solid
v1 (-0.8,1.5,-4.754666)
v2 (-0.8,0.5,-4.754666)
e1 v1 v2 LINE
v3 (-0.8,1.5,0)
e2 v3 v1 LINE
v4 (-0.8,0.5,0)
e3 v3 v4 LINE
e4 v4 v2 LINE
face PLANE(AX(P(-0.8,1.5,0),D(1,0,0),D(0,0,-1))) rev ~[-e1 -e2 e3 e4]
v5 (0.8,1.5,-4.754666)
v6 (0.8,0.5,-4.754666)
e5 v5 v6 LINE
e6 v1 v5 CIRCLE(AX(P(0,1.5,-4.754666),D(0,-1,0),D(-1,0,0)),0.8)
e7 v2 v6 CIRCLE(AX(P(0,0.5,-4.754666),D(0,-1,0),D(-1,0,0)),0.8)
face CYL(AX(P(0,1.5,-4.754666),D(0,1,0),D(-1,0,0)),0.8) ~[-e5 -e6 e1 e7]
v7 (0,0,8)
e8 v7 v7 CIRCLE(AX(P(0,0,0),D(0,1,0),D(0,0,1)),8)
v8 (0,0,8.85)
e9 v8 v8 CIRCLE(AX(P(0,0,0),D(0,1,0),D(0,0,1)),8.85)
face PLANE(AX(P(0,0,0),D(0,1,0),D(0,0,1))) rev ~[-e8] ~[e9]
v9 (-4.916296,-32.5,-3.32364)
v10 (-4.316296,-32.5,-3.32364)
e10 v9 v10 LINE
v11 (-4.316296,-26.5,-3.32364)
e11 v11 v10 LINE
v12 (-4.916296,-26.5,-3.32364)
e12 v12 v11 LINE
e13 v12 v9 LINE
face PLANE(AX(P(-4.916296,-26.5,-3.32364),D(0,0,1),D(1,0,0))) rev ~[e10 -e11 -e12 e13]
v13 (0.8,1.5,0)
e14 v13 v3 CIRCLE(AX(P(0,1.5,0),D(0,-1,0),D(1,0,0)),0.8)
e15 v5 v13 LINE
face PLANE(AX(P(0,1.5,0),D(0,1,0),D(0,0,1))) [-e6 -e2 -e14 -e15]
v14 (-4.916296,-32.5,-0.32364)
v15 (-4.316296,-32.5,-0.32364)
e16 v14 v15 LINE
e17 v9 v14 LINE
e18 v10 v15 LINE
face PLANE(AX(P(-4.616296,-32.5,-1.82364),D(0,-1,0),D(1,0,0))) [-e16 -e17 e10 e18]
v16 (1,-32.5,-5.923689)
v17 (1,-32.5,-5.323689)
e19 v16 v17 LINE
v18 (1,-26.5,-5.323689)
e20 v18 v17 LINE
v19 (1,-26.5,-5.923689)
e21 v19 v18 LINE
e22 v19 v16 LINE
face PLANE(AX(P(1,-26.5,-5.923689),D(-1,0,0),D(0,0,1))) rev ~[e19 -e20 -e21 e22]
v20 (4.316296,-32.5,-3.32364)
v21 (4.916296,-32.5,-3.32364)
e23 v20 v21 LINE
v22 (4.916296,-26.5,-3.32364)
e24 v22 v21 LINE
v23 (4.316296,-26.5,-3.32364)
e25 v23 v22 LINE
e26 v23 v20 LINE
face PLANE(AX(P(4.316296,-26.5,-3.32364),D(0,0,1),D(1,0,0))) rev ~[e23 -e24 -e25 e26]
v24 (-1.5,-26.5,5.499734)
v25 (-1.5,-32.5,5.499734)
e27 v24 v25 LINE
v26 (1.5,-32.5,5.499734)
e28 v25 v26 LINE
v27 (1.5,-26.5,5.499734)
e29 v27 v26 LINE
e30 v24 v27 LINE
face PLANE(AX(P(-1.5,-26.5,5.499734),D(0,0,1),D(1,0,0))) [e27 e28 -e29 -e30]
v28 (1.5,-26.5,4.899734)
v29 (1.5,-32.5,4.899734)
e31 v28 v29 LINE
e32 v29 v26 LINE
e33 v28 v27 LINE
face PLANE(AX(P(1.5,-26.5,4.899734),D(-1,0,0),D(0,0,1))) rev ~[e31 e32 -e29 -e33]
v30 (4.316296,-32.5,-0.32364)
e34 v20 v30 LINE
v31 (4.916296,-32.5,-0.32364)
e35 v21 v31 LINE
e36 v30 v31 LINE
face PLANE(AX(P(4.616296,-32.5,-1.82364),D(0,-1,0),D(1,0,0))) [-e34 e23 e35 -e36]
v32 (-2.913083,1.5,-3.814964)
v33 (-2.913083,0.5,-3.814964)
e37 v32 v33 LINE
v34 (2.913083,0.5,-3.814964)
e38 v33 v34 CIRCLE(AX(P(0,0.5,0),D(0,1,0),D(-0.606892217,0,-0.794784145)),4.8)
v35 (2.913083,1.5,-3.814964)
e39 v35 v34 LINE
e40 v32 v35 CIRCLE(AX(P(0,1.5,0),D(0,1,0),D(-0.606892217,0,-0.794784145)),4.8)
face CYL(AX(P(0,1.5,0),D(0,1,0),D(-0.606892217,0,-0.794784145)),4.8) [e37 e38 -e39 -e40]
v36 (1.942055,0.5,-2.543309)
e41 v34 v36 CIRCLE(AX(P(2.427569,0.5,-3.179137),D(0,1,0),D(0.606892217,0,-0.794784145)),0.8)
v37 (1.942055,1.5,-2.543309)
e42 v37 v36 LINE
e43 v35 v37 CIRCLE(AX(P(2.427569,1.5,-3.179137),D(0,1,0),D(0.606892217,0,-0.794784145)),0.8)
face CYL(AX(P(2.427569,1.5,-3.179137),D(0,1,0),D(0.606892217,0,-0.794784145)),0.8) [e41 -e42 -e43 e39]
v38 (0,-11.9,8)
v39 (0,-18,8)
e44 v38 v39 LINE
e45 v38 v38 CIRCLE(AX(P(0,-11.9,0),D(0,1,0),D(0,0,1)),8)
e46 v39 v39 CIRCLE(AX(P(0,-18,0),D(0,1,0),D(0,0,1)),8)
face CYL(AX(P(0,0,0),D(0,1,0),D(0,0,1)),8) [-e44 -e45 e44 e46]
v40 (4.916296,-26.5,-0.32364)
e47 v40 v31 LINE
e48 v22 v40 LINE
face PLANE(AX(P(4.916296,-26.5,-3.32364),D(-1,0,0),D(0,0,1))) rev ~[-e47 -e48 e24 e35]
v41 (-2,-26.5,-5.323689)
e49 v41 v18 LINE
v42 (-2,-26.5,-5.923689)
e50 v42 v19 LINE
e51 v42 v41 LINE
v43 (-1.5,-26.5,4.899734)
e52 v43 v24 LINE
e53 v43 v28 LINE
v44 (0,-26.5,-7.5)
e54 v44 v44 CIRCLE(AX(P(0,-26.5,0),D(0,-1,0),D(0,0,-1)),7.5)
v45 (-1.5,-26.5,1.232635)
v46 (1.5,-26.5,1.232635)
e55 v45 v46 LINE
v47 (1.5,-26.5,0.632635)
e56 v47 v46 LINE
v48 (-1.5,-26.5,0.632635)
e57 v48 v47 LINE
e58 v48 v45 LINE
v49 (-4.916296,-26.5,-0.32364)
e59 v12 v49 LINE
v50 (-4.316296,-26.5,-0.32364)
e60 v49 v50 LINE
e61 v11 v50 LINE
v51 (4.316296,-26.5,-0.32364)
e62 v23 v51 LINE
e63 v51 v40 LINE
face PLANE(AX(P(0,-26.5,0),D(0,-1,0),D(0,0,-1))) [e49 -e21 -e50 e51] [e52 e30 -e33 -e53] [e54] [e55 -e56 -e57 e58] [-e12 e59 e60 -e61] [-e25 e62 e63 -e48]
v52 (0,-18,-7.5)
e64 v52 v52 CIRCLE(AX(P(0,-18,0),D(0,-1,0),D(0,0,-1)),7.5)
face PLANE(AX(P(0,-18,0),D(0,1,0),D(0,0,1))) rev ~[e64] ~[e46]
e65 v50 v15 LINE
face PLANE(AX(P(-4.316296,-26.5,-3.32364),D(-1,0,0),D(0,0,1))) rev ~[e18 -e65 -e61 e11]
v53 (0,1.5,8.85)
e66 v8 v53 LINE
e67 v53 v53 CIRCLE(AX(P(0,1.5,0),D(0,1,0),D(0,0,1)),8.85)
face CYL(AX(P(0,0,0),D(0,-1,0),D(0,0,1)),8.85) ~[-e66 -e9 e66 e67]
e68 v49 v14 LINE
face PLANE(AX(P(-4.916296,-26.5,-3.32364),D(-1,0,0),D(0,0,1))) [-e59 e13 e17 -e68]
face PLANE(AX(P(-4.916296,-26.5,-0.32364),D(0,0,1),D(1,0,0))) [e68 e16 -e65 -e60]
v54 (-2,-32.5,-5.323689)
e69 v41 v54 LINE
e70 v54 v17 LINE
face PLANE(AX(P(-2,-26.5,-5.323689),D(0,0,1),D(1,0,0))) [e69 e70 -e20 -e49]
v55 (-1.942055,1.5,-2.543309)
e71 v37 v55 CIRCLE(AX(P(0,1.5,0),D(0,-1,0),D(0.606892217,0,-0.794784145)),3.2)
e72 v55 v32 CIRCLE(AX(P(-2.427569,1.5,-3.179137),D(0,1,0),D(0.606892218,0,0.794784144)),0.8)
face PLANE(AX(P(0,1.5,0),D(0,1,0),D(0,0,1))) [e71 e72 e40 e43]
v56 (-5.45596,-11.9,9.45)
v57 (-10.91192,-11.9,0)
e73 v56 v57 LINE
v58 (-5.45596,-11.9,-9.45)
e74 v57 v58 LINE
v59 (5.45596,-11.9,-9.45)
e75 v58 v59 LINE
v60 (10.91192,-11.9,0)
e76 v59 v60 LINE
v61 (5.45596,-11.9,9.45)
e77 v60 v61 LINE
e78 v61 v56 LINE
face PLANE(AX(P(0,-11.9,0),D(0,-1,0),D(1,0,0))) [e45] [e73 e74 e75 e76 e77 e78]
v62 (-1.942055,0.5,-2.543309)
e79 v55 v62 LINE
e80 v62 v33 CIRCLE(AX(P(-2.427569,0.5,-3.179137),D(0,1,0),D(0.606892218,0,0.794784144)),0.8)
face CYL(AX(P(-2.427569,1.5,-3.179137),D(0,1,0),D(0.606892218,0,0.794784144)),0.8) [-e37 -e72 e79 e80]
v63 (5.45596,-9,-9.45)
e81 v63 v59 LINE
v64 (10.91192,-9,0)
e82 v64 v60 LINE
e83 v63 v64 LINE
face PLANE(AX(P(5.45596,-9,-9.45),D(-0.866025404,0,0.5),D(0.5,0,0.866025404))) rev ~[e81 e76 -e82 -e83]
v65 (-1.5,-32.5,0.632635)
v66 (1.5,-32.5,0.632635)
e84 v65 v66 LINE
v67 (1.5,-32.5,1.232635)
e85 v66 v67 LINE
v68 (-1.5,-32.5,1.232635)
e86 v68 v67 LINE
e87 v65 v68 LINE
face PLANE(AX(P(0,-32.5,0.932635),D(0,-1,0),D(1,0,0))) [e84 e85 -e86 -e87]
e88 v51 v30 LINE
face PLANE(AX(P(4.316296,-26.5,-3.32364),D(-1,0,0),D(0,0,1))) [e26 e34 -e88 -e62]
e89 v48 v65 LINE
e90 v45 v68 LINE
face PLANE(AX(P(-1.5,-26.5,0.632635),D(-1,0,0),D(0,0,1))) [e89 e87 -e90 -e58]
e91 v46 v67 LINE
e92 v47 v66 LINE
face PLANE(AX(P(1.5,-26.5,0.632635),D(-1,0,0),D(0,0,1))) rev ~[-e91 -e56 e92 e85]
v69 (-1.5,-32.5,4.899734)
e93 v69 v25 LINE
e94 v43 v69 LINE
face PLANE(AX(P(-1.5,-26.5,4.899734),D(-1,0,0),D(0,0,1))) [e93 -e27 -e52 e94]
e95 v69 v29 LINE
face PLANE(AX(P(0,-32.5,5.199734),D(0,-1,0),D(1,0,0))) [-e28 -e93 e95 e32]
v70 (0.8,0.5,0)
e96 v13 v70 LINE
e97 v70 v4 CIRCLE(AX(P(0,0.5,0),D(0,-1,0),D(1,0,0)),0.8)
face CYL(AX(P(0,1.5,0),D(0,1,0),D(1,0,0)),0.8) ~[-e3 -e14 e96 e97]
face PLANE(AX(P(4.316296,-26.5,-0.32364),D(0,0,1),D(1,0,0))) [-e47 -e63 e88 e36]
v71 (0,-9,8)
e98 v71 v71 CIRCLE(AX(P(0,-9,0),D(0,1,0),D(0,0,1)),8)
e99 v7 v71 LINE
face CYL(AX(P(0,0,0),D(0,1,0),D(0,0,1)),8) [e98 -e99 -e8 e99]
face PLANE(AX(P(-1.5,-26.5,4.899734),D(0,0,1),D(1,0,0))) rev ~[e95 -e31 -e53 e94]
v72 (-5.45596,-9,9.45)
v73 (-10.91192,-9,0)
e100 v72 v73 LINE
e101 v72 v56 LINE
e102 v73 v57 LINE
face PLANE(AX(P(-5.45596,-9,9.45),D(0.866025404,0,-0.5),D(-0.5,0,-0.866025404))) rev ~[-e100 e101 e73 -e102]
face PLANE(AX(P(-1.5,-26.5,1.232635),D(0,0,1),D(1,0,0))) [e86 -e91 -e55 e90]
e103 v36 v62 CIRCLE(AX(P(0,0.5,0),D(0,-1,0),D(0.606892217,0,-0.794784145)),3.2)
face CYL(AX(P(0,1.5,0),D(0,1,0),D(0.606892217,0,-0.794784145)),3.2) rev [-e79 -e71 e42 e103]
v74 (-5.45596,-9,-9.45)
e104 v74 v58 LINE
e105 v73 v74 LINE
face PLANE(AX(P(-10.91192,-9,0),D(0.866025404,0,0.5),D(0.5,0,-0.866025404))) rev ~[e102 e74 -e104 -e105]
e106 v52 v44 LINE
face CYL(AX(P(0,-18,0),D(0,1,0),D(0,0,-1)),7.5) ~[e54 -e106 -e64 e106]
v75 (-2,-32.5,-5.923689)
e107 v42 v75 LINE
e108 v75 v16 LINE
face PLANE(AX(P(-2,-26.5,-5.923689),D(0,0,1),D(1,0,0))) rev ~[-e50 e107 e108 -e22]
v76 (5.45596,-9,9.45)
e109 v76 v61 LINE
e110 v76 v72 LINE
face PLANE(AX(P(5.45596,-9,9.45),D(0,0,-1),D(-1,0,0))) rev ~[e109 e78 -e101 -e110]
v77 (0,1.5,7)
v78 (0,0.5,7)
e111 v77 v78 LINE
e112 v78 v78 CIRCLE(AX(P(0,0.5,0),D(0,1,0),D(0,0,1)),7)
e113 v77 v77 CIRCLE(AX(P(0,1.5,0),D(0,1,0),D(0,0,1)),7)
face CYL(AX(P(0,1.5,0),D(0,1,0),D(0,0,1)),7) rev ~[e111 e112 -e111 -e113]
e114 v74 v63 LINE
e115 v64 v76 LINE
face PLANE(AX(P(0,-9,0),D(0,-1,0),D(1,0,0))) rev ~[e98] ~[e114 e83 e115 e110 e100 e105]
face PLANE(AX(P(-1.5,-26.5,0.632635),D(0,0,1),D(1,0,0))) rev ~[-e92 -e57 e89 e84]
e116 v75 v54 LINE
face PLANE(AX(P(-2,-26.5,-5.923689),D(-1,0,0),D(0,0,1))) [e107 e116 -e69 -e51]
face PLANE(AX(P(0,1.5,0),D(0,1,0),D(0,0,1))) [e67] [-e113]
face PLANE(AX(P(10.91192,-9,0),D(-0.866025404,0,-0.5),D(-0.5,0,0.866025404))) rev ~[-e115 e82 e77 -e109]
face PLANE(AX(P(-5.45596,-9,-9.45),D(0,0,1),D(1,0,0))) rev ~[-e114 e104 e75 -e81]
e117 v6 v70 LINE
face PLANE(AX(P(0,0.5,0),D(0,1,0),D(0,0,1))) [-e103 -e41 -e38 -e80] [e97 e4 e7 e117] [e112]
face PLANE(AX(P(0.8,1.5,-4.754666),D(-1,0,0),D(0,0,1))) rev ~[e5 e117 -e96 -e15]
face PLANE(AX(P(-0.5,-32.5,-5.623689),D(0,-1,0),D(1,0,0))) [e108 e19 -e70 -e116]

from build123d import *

# Parameters (mm, degrees)
ESQUISSE1_R             = 8
BOSS_EXTRU_1_DEPTH      = 18
ESQUISSE2_R             = 8.85
BOSS_EXTRU_2_DEPTH      = 1.5
ESQUISSE3_R             = 7
ENL_V_MAT_EXTRU_1_DEPTH = 1
ESQUISSE4_R             = 7.5
BOSS_EXTRU_3_DEPTH      = 8.5
ESQUISSE5_W             = 0.6
ESQUISSE5_H             = 3
ESQUISSE5_W_2           = 3
ESQUISSE5_H_2           = 0.6
BOSS_EXTRU_4_DEPTH      = 6
BOSS_EXTRU_5_START      = 9
BOSS_EXTRU_5_DEPTH      = 2.9


with BuildPart() as part:
    # Esquisse1 → Boss.-Extru.1 (new body)
    with BuildSketch(Plane(origin=(0, 0, 0), x_dir=(1, 0, 0), z_dir=(0, 1, 0))):
        with Locations(Location((0, 0, 0), (0, 0, 270))):
            Circle(ESQUISSE1_R)
    extrude(amount=-BOSS_EXTRU_1_DEPTH)

    # Esquisse2 → Boss.-Extru.2 (add)
    with BuildSketch(Plane(origin=(0, 0, 0), x_dir=(1, 0, 0), z_dir=(0, 1, 0))):
        with Locations(Location((0, 0, 0), (0, 0, 270))):
            Circle(ESQUISSE2_R)
    extrude(amount=BOSS_EXTRU_2_DEPTH)

    # Esquisse3 → Enlèv. mat.-Extru.1 (cut)
    with BuildSketch(Plane(origin=(0, 1.5, 0), x_dir=(1, 0, 0), z_dir=(0, 1, 0))):
        with Locations(Location((0, 0, 0), (0, 0, 270))):
            Circle(ESQUISSE3_R)
        with BuildLine():
            Line((-0.8, 0), (-0.8, 4.75466628))
            ThreePointArc((-0.8, 4.75466628), (0, 5.55466628), (0.8, 4.75466628))
            Line((0.8, 4.75466628), (0.8, 0))
            ThreePointArc((0.8, 0), (0, -0.8), (-0.8, 0))
        make_face(mode=Mode.SUBTRACT)
        with BuildLine():
            ThreePointArc((-2.913082643, 3.814963894), (0, -4.8), (2.913082643, 3.814963894))
            ThreePointArc((2.913082643, 3.814963894), (1.791741554, 3.664650352), (1.942055095, 2.543309263))
            ThreePointArc((1.942055095, 2.543309263), (0, -3.2), (-1.942055095, 2.543309263))
            ThreePointArc((-1.942055095, 2.543309263), (-1.791741554, 3.664650352), (-2.913082643, 3.814963894))
        make_face(mode=Mode.SUBTRACT)
    extrude(amount=-ENL_V_MAT_EXTRU_1_DEPTH, mode=Mode.SUBTRACT)

    # Esquisse4 → Boss.-Extru.3 (add)
    with BuildSketch(Plane.XZ.offset(18)):
        with Locations(Location((0, 0, 0), (0, 0, 270))):
            Circle(ESQUISSE4_R)
    extrude(amount=BOSS_EXTRU_3_DEPTH)

    # Esquisse5 → Boss.-Extru.4 (add)
    with BuildSketch(Plane.XZ.offset(26.5)):
        with Locations((-4.616296437, -1.823639602)):
            Rectangle(ESQUISSE5_W, ESQUISSE5_H)
        with Locations((0, 5.19973439)):
            Rectangle(ESQUISSE5_W_2, ESQUISSE5_H_2)
        with Locations((4.616296437, -1.823639602)):
            Rectangle(ESQUISSE5_W, ESQUISSE5_H)
        with Locations((0, 0.93263523)):
            Rectangle(ESQUISSE5_W_2, ESQUISSE5_H_2)
        with Locations((-0.5, -5.623689166)):
            Rectangle(ESQUISSE5_W_2, ESQUISSE5_H_2)
    extrude(amount=BOSS_EXTRU_4_DEPTH)

    # Esquisse6 → Boss.-Extru.5 (add)
    with BuildSketch(Plane.XZ.offset(BOSS_EXTRU_5_START)):
        Polygon((10.911920088, 0), (5.455960044, 9.45), (-5.455960044, 9.45), (-10.911920088, 0), (-5.455960044, -9.45), (5.455960044, -9.45), align=None)
    extrude(amount=BOSS_EXTRU_5_DEPTH)


solid = part.part
